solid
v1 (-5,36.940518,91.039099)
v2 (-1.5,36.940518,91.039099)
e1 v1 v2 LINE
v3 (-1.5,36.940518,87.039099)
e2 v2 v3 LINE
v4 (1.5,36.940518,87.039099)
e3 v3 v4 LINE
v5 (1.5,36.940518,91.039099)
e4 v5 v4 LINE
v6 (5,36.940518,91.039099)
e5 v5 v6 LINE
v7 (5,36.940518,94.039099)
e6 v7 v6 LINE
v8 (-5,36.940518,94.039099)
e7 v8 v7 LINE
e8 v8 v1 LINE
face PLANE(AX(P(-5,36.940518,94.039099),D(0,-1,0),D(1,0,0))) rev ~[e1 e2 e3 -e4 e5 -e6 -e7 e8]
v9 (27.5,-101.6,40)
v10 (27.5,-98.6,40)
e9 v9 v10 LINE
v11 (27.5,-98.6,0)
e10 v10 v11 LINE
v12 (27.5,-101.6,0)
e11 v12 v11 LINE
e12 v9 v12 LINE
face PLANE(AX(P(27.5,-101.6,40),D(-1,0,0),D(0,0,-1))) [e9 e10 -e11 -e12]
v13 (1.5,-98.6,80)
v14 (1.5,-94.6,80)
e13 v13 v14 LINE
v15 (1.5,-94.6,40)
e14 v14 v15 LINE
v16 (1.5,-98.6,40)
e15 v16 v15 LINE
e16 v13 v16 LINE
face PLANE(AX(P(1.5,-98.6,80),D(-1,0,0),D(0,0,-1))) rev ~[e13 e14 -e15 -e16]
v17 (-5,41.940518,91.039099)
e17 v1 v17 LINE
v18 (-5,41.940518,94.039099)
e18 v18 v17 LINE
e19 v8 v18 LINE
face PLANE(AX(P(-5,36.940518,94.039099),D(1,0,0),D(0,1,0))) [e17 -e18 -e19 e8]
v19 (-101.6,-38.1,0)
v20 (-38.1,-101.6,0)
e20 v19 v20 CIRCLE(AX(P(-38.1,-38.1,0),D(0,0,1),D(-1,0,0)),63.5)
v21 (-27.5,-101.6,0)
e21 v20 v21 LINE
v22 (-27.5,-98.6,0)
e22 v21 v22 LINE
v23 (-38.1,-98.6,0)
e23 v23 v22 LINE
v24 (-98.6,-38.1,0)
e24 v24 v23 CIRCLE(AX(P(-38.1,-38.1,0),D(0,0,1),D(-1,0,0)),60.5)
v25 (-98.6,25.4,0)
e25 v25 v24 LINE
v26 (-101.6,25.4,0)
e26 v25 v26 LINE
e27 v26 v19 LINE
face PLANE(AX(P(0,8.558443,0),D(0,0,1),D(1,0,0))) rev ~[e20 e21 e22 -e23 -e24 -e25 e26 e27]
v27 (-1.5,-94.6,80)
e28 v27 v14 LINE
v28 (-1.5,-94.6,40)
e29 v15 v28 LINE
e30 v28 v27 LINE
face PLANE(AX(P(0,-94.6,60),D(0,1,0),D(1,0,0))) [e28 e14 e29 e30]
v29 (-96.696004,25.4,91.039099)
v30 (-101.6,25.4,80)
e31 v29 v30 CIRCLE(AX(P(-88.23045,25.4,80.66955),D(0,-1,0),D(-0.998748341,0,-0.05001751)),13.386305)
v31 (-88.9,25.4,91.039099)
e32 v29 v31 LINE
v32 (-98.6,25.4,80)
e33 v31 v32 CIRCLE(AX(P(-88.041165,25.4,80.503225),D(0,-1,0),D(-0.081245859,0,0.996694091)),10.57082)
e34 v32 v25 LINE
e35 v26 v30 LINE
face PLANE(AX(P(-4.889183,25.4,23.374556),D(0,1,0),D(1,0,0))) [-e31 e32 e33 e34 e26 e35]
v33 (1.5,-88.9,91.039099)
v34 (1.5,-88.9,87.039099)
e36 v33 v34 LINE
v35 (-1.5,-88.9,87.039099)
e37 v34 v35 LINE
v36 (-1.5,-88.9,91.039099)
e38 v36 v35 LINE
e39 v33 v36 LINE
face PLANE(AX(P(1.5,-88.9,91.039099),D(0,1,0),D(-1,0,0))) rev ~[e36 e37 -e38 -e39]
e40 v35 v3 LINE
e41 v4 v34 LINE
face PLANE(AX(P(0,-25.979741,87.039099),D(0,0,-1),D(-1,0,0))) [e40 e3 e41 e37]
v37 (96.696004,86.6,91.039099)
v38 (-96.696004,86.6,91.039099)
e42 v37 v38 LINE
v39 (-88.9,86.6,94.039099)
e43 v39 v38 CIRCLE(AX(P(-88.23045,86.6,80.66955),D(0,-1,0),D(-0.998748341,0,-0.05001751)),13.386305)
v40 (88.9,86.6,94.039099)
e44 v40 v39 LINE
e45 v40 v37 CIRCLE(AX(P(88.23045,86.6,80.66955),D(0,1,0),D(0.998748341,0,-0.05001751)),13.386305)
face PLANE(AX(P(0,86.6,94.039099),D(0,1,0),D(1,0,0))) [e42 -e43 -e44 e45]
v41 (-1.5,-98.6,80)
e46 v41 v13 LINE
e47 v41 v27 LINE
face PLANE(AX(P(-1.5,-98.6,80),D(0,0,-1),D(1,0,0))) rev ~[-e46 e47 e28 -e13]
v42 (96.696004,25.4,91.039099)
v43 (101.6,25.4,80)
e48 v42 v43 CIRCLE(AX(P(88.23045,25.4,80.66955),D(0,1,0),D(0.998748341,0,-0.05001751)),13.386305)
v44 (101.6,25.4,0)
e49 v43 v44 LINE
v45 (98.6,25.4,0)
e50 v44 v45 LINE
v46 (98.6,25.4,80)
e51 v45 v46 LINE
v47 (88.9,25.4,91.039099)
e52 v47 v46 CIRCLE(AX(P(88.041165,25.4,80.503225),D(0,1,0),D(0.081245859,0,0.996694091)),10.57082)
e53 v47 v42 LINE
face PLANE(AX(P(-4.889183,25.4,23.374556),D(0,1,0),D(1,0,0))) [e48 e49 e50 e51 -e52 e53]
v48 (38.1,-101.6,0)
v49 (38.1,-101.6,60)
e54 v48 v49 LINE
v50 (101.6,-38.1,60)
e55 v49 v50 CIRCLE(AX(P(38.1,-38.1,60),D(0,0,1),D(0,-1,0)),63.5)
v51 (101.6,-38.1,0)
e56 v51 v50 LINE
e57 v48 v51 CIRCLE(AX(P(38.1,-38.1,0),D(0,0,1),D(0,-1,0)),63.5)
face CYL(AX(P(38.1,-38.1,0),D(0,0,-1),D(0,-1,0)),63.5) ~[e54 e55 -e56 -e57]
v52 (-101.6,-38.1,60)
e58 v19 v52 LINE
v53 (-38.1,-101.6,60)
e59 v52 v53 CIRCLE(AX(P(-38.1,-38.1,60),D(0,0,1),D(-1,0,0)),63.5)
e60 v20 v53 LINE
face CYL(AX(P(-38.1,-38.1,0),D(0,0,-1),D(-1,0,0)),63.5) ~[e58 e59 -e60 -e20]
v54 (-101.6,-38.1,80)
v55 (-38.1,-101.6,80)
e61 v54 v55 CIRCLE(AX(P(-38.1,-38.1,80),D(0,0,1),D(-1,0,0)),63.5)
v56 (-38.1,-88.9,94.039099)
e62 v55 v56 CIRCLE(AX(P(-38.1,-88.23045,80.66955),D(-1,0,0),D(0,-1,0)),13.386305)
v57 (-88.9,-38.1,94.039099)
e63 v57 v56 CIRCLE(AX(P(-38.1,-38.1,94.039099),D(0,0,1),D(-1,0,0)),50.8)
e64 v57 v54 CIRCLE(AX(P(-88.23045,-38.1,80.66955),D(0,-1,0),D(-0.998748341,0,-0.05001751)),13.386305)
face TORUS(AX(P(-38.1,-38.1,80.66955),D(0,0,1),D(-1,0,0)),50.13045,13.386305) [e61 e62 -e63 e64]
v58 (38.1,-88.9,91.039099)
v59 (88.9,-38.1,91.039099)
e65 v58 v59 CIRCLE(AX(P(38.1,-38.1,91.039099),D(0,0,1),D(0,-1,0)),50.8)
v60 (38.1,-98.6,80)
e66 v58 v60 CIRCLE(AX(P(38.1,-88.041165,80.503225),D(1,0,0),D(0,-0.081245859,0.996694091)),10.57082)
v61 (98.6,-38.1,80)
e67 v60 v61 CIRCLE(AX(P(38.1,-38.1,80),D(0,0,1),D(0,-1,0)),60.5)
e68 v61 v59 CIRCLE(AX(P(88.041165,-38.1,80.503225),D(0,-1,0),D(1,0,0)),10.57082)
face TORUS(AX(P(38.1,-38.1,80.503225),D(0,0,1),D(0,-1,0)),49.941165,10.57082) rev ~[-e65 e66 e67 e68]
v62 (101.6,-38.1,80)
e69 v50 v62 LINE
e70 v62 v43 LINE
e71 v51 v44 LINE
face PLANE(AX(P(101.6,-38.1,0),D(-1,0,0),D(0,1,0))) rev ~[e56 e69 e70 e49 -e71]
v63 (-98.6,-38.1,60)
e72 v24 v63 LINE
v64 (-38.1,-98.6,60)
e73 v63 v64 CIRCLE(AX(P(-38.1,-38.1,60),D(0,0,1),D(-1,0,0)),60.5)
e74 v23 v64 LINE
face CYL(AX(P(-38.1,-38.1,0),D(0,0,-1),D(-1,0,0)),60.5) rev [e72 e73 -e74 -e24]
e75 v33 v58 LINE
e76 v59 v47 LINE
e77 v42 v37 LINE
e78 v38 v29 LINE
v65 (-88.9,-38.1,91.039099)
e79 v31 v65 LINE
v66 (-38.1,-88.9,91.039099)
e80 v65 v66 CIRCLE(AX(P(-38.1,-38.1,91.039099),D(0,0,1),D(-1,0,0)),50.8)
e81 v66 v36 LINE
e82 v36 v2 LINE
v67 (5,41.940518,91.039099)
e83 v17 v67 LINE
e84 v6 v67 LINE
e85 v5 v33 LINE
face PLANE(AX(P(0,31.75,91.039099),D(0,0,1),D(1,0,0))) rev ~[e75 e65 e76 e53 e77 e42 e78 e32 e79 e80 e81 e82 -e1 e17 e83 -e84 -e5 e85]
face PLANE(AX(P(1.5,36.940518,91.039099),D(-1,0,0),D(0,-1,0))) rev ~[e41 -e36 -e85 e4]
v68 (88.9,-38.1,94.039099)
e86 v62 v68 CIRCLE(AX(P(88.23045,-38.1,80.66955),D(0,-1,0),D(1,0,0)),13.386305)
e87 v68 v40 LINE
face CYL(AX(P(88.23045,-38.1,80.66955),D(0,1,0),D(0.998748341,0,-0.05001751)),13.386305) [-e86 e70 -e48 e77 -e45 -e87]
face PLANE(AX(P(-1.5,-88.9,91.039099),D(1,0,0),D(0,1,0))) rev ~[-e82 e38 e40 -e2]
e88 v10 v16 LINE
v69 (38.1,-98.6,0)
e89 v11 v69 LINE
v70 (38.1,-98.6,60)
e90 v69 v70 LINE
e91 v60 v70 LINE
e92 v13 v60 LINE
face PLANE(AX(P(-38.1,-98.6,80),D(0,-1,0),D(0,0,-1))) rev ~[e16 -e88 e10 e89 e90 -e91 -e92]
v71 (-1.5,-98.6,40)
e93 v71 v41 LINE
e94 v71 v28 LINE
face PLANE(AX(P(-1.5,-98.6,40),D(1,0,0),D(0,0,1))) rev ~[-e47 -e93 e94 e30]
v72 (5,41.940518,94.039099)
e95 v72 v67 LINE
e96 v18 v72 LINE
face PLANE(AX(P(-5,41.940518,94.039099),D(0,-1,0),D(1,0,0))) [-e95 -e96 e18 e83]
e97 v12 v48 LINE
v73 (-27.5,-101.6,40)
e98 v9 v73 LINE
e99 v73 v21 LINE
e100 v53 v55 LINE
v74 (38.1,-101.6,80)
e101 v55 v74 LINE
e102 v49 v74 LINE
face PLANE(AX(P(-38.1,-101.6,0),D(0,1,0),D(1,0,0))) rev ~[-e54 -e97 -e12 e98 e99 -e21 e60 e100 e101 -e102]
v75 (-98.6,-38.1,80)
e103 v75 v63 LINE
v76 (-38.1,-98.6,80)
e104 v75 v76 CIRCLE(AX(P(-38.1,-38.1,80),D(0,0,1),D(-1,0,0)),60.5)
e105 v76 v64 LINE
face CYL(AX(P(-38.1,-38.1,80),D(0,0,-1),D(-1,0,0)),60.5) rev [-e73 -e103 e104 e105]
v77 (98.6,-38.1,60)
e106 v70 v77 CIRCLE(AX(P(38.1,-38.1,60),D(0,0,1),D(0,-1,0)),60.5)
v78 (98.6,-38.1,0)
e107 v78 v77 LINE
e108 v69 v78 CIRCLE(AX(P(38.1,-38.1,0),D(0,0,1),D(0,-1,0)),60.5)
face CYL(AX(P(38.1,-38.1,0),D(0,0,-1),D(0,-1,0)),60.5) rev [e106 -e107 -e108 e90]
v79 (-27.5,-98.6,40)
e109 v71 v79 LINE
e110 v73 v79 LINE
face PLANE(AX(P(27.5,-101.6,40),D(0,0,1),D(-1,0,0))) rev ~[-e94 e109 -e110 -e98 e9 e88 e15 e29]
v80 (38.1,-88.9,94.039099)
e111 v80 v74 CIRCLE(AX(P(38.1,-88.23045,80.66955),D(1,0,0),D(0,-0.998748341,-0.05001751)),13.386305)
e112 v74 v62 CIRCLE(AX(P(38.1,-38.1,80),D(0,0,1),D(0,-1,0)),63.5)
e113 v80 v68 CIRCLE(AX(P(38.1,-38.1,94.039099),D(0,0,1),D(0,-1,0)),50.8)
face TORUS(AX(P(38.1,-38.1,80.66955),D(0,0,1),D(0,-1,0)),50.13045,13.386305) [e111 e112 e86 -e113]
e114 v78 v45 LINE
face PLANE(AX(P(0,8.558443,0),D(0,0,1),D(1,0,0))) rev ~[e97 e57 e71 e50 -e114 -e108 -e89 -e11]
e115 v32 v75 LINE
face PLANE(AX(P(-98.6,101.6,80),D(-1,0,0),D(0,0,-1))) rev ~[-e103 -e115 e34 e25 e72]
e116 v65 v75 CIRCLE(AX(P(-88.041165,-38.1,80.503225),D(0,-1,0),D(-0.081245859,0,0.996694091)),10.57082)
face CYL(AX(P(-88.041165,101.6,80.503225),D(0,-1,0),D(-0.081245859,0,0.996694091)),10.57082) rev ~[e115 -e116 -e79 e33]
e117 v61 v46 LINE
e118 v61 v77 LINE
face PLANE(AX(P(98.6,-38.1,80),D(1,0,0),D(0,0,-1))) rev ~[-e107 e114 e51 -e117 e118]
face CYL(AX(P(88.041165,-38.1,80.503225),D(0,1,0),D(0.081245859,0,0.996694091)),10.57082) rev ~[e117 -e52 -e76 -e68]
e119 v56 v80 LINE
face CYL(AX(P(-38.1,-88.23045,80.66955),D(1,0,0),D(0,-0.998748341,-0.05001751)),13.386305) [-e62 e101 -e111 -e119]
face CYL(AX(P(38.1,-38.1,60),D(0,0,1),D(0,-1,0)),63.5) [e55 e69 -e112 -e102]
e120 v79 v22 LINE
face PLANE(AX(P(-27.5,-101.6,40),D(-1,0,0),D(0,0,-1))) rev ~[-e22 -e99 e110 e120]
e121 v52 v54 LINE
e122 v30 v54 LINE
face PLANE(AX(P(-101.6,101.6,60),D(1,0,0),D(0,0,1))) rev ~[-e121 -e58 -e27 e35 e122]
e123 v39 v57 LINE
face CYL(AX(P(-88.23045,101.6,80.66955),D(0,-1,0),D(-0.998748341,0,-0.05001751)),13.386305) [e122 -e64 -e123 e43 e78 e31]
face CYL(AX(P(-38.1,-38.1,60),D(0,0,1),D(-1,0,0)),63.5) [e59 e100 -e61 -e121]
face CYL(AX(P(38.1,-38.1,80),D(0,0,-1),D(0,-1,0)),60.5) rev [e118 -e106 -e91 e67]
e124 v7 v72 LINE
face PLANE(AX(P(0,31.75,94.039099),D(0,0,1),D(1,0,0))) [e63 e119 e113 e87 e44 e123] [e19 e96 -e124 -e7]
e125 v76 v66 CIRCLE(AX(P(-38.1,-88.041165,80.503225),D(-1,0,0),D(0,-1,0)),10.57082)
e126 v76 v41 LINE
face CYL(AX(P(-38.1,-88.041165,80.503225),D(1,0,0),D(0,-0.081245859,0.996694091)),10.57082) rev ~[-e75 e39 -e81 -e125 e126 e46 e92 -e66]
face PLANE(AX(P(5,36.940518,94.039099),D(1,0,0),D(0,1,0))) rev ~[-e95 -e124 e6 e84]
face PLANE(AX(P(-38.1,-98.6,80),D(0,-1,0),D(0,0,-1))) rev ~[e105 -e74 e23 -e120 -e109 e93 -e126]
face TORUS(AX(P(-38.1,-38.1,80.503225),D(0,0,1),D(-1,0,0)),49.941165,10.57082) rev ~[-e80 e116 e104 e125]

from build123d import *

# Parameters (mm, degrees)
BOSS_EXTRUDE1_DEPTH = 60
SKETCH6_W           = 76.2
SKETCH6_H           = 139.7
BOSS_EXTRUDE3_DEPTH = 3
SKETCH7_W           = 254.695348458
SKETCH7_H           = 135.329086622
CUT_EXTRUDE1_DEPTH  = 76.2
SKETCH8_W           = 10
SKETCH8_H           = 5
CUT_EXTRUDE2_DEPTH  = 95.039099262
SKETCH9_W           = 55
SKETCH9_H           = 40
CUT_EXTRUDE3_DEPTH  = 204.2
SKETCH10_W          = 200.764393162
SKETCH10_H          = 14.388440844
CUT_EXTRUDE4_DEPTH  = 15
BOSS_EXTRUDE4_DEPTH = 4
BOSS_EXTRUDE5_DEPTH = 4


with BuildPart() as part:
    # Sketch1 → Boss-Extrude1 (new body)
    with BuildSketch(Plane.XY):
        with BuildLine():
            Line((-101.6, 101.6), (-101.6, -38.1))
            ThreePointArc((-101.6, -38.1), (-83.001280605, -83.001280605), (-38.1, -101.6))
            Line((-38.1, -101.6), (38.1, -101.6))
            ThreePointArc((38.1, -101.6), (83.001280605, -83.001280605), (101.6, -38.1))
            Line((101.6, -38.1), (101.6, 101.6))
            Line((101.6, 101.6), (-101.6, 101.6))
        make_face()
        with BuildLine():
            Line((-98.6, 98.6), (-98.6, -38.1))
            ThreePointArc((-98.6, -38.1), (-80.879960262, -80.879960262), (-38.1, -98.6))
            Line((-38.1, -98.6), (38.1, -98.6))
            ThreePointArc((38.1, -98.6), (80.879960262, -80.879960262), (98.6, -38.1))
            Line((98.6, -38.1), (98.6, 98.6))
            Line((98.6, 98.6), (-98.6, 98.6))
        make_face(mode=Mode.SUBTRACT)
    extrude(amount=BOSS_EXTRUDE1_DEPTH)

    # Sweep2: sweep along a path in Sketch5
    with BuildLine(Plane.XY.offset(60)) as sweep2_path:
        Line((-100.1, 101.6), (-100.1, -38.1))
        ThreePointArc((-100.1, -38.1), (-81.940620434, -81.940620434), (-38.1, -100.1))
        Line((-38.1, -100.1), (38.1, -100.1))
        ThreePointArc((38.1, -100.1), (81.940620434, -81.940620434), (100.1, -38.1))
        Line((100.1, -38.1), (100.1, 101.6))
    # Sketch3 → Sweep2 (sweep)
    with BuildSketch(Plane(origin=(0, 101.6, 0), x_dir=(1, 0, 0), z_dir=(0, 1, 0))):
        with BuildLine():
            Line((-38.1, -91.039099262), (-88.9, -91.039099262))
            ThreePointArc((-88.9, -91.039099262), (-95.981959893, -87.480761361), (-98.6, -80))
            Line((-98.6, -80), (-98.6, -60))
            Line((-98.6, -60), (-101.6, -60))
            Line((-101.6, -60), (-101.6, -80))
            ThreePointArc((-101.6, -80), (-98.157592659, -89.649805752), (-88.9, -94.039099262))
            Line((-88.9, -94.039099262), (-38.1, -94.039099262))
            Line((-38.1, -94.039099262), (-38.1, -91.039099262))
        make_face()
    sweep(path=sweep2_path.line)

    # Sketch6 → Boss-Extrude3 (add)
    with BuildSketch(Plane.XY.offset(94.039099262)):
        with Locations((0, 31.75)):
            Rectangle(SKETCH6_W, SKETCH6_H)
    extrude(amount=-BOSS_EXTRUDE3_DEPTH)

    # Sketch7 → Cut-Extrude1 (cut)
    with BuildSketch(Plane(origin=(0, 101.6, 0), x_dir=(1, 0, 0), z_dir=(0, 1, 0))):
        with Locations((-4.889183354, -23.374555951)):
            Rectangle(SKETCH7_W, SKETCH7_H)
    extrude(amount=-CUT_EXTRUDE1_DEPTH, mode=Mode.SUBTRACT)

    # Sketch8 → Cut-Extrude2 (cut, through all)
    with BuildSketch(Plane.XY.offset(94.039099262)):
        with Locations((0, 39.440517612)):
            Rectangle(SKETCH8_W, SKETCH8_H)
    extrude(amount=-CUT_EXTRUDE2_DEPTH, mode=Mode.SUBTRACT)

    # Sketch9 → Cut-Extrude3 (cut, through all)
    with BuildSketch(Plane(origin=(0, -101.6, 0), x_dir=(-1, 0, 0), z_dir=(0, -1, 0))):
        with Locations((0, -20)):
            Rectangle(SKETCH9_W, SKETCH9_H)
    extrude(amount=-CUT_EXTRUDE3_DEPTH, mode=Mode.SUBTRACT)

    # Sketch10 → Cut-Extrude4 (cut)
    with BuildSketch(Plane(origin=(0, 101.6, 0), x_dir=(1, 0, 0), z_dir=(0, 1, 0))):
        with Locations((0, -94.039099262)):
            Rectangle(SKETCH10_W, SKETCH10_H)
    extrude(amount=-CUT_EXTRUDE4_DEPTH, mode=Mode.SUBTRACT)

    # Sketch11 → Boss-Extrude4 (add)
    with BuildSketch(Plane(origin=(0, -98.6, 0), x_dir=(1, 0, 0), z_dir=(0, 1, 0))):
        Polygon((0, -80), (1.5, -80), (1.5, -40), (0, -40), (-1.5, -40), (-1.5, -80), align=None)
    extrude(amount=BOSS_EXTRUDE4_DEPTH)

    # Sketch12 → Boss-Extrude5 (add)
    with BuildSketch(Plane(origin=(0, 0, 91.039099262), x_dir=(-1, 0, 0), z_dir=(0, 0, -1))):
        Polygon((-1.5, -88.9), (0, -88.9), (1.5, -88.9), (1.5, 36.940517612), (-1.5, 36.940517612), align=None)
    extrude(amount=BOSS_EXTRUDE5_DEPTH)


solid = part.part
